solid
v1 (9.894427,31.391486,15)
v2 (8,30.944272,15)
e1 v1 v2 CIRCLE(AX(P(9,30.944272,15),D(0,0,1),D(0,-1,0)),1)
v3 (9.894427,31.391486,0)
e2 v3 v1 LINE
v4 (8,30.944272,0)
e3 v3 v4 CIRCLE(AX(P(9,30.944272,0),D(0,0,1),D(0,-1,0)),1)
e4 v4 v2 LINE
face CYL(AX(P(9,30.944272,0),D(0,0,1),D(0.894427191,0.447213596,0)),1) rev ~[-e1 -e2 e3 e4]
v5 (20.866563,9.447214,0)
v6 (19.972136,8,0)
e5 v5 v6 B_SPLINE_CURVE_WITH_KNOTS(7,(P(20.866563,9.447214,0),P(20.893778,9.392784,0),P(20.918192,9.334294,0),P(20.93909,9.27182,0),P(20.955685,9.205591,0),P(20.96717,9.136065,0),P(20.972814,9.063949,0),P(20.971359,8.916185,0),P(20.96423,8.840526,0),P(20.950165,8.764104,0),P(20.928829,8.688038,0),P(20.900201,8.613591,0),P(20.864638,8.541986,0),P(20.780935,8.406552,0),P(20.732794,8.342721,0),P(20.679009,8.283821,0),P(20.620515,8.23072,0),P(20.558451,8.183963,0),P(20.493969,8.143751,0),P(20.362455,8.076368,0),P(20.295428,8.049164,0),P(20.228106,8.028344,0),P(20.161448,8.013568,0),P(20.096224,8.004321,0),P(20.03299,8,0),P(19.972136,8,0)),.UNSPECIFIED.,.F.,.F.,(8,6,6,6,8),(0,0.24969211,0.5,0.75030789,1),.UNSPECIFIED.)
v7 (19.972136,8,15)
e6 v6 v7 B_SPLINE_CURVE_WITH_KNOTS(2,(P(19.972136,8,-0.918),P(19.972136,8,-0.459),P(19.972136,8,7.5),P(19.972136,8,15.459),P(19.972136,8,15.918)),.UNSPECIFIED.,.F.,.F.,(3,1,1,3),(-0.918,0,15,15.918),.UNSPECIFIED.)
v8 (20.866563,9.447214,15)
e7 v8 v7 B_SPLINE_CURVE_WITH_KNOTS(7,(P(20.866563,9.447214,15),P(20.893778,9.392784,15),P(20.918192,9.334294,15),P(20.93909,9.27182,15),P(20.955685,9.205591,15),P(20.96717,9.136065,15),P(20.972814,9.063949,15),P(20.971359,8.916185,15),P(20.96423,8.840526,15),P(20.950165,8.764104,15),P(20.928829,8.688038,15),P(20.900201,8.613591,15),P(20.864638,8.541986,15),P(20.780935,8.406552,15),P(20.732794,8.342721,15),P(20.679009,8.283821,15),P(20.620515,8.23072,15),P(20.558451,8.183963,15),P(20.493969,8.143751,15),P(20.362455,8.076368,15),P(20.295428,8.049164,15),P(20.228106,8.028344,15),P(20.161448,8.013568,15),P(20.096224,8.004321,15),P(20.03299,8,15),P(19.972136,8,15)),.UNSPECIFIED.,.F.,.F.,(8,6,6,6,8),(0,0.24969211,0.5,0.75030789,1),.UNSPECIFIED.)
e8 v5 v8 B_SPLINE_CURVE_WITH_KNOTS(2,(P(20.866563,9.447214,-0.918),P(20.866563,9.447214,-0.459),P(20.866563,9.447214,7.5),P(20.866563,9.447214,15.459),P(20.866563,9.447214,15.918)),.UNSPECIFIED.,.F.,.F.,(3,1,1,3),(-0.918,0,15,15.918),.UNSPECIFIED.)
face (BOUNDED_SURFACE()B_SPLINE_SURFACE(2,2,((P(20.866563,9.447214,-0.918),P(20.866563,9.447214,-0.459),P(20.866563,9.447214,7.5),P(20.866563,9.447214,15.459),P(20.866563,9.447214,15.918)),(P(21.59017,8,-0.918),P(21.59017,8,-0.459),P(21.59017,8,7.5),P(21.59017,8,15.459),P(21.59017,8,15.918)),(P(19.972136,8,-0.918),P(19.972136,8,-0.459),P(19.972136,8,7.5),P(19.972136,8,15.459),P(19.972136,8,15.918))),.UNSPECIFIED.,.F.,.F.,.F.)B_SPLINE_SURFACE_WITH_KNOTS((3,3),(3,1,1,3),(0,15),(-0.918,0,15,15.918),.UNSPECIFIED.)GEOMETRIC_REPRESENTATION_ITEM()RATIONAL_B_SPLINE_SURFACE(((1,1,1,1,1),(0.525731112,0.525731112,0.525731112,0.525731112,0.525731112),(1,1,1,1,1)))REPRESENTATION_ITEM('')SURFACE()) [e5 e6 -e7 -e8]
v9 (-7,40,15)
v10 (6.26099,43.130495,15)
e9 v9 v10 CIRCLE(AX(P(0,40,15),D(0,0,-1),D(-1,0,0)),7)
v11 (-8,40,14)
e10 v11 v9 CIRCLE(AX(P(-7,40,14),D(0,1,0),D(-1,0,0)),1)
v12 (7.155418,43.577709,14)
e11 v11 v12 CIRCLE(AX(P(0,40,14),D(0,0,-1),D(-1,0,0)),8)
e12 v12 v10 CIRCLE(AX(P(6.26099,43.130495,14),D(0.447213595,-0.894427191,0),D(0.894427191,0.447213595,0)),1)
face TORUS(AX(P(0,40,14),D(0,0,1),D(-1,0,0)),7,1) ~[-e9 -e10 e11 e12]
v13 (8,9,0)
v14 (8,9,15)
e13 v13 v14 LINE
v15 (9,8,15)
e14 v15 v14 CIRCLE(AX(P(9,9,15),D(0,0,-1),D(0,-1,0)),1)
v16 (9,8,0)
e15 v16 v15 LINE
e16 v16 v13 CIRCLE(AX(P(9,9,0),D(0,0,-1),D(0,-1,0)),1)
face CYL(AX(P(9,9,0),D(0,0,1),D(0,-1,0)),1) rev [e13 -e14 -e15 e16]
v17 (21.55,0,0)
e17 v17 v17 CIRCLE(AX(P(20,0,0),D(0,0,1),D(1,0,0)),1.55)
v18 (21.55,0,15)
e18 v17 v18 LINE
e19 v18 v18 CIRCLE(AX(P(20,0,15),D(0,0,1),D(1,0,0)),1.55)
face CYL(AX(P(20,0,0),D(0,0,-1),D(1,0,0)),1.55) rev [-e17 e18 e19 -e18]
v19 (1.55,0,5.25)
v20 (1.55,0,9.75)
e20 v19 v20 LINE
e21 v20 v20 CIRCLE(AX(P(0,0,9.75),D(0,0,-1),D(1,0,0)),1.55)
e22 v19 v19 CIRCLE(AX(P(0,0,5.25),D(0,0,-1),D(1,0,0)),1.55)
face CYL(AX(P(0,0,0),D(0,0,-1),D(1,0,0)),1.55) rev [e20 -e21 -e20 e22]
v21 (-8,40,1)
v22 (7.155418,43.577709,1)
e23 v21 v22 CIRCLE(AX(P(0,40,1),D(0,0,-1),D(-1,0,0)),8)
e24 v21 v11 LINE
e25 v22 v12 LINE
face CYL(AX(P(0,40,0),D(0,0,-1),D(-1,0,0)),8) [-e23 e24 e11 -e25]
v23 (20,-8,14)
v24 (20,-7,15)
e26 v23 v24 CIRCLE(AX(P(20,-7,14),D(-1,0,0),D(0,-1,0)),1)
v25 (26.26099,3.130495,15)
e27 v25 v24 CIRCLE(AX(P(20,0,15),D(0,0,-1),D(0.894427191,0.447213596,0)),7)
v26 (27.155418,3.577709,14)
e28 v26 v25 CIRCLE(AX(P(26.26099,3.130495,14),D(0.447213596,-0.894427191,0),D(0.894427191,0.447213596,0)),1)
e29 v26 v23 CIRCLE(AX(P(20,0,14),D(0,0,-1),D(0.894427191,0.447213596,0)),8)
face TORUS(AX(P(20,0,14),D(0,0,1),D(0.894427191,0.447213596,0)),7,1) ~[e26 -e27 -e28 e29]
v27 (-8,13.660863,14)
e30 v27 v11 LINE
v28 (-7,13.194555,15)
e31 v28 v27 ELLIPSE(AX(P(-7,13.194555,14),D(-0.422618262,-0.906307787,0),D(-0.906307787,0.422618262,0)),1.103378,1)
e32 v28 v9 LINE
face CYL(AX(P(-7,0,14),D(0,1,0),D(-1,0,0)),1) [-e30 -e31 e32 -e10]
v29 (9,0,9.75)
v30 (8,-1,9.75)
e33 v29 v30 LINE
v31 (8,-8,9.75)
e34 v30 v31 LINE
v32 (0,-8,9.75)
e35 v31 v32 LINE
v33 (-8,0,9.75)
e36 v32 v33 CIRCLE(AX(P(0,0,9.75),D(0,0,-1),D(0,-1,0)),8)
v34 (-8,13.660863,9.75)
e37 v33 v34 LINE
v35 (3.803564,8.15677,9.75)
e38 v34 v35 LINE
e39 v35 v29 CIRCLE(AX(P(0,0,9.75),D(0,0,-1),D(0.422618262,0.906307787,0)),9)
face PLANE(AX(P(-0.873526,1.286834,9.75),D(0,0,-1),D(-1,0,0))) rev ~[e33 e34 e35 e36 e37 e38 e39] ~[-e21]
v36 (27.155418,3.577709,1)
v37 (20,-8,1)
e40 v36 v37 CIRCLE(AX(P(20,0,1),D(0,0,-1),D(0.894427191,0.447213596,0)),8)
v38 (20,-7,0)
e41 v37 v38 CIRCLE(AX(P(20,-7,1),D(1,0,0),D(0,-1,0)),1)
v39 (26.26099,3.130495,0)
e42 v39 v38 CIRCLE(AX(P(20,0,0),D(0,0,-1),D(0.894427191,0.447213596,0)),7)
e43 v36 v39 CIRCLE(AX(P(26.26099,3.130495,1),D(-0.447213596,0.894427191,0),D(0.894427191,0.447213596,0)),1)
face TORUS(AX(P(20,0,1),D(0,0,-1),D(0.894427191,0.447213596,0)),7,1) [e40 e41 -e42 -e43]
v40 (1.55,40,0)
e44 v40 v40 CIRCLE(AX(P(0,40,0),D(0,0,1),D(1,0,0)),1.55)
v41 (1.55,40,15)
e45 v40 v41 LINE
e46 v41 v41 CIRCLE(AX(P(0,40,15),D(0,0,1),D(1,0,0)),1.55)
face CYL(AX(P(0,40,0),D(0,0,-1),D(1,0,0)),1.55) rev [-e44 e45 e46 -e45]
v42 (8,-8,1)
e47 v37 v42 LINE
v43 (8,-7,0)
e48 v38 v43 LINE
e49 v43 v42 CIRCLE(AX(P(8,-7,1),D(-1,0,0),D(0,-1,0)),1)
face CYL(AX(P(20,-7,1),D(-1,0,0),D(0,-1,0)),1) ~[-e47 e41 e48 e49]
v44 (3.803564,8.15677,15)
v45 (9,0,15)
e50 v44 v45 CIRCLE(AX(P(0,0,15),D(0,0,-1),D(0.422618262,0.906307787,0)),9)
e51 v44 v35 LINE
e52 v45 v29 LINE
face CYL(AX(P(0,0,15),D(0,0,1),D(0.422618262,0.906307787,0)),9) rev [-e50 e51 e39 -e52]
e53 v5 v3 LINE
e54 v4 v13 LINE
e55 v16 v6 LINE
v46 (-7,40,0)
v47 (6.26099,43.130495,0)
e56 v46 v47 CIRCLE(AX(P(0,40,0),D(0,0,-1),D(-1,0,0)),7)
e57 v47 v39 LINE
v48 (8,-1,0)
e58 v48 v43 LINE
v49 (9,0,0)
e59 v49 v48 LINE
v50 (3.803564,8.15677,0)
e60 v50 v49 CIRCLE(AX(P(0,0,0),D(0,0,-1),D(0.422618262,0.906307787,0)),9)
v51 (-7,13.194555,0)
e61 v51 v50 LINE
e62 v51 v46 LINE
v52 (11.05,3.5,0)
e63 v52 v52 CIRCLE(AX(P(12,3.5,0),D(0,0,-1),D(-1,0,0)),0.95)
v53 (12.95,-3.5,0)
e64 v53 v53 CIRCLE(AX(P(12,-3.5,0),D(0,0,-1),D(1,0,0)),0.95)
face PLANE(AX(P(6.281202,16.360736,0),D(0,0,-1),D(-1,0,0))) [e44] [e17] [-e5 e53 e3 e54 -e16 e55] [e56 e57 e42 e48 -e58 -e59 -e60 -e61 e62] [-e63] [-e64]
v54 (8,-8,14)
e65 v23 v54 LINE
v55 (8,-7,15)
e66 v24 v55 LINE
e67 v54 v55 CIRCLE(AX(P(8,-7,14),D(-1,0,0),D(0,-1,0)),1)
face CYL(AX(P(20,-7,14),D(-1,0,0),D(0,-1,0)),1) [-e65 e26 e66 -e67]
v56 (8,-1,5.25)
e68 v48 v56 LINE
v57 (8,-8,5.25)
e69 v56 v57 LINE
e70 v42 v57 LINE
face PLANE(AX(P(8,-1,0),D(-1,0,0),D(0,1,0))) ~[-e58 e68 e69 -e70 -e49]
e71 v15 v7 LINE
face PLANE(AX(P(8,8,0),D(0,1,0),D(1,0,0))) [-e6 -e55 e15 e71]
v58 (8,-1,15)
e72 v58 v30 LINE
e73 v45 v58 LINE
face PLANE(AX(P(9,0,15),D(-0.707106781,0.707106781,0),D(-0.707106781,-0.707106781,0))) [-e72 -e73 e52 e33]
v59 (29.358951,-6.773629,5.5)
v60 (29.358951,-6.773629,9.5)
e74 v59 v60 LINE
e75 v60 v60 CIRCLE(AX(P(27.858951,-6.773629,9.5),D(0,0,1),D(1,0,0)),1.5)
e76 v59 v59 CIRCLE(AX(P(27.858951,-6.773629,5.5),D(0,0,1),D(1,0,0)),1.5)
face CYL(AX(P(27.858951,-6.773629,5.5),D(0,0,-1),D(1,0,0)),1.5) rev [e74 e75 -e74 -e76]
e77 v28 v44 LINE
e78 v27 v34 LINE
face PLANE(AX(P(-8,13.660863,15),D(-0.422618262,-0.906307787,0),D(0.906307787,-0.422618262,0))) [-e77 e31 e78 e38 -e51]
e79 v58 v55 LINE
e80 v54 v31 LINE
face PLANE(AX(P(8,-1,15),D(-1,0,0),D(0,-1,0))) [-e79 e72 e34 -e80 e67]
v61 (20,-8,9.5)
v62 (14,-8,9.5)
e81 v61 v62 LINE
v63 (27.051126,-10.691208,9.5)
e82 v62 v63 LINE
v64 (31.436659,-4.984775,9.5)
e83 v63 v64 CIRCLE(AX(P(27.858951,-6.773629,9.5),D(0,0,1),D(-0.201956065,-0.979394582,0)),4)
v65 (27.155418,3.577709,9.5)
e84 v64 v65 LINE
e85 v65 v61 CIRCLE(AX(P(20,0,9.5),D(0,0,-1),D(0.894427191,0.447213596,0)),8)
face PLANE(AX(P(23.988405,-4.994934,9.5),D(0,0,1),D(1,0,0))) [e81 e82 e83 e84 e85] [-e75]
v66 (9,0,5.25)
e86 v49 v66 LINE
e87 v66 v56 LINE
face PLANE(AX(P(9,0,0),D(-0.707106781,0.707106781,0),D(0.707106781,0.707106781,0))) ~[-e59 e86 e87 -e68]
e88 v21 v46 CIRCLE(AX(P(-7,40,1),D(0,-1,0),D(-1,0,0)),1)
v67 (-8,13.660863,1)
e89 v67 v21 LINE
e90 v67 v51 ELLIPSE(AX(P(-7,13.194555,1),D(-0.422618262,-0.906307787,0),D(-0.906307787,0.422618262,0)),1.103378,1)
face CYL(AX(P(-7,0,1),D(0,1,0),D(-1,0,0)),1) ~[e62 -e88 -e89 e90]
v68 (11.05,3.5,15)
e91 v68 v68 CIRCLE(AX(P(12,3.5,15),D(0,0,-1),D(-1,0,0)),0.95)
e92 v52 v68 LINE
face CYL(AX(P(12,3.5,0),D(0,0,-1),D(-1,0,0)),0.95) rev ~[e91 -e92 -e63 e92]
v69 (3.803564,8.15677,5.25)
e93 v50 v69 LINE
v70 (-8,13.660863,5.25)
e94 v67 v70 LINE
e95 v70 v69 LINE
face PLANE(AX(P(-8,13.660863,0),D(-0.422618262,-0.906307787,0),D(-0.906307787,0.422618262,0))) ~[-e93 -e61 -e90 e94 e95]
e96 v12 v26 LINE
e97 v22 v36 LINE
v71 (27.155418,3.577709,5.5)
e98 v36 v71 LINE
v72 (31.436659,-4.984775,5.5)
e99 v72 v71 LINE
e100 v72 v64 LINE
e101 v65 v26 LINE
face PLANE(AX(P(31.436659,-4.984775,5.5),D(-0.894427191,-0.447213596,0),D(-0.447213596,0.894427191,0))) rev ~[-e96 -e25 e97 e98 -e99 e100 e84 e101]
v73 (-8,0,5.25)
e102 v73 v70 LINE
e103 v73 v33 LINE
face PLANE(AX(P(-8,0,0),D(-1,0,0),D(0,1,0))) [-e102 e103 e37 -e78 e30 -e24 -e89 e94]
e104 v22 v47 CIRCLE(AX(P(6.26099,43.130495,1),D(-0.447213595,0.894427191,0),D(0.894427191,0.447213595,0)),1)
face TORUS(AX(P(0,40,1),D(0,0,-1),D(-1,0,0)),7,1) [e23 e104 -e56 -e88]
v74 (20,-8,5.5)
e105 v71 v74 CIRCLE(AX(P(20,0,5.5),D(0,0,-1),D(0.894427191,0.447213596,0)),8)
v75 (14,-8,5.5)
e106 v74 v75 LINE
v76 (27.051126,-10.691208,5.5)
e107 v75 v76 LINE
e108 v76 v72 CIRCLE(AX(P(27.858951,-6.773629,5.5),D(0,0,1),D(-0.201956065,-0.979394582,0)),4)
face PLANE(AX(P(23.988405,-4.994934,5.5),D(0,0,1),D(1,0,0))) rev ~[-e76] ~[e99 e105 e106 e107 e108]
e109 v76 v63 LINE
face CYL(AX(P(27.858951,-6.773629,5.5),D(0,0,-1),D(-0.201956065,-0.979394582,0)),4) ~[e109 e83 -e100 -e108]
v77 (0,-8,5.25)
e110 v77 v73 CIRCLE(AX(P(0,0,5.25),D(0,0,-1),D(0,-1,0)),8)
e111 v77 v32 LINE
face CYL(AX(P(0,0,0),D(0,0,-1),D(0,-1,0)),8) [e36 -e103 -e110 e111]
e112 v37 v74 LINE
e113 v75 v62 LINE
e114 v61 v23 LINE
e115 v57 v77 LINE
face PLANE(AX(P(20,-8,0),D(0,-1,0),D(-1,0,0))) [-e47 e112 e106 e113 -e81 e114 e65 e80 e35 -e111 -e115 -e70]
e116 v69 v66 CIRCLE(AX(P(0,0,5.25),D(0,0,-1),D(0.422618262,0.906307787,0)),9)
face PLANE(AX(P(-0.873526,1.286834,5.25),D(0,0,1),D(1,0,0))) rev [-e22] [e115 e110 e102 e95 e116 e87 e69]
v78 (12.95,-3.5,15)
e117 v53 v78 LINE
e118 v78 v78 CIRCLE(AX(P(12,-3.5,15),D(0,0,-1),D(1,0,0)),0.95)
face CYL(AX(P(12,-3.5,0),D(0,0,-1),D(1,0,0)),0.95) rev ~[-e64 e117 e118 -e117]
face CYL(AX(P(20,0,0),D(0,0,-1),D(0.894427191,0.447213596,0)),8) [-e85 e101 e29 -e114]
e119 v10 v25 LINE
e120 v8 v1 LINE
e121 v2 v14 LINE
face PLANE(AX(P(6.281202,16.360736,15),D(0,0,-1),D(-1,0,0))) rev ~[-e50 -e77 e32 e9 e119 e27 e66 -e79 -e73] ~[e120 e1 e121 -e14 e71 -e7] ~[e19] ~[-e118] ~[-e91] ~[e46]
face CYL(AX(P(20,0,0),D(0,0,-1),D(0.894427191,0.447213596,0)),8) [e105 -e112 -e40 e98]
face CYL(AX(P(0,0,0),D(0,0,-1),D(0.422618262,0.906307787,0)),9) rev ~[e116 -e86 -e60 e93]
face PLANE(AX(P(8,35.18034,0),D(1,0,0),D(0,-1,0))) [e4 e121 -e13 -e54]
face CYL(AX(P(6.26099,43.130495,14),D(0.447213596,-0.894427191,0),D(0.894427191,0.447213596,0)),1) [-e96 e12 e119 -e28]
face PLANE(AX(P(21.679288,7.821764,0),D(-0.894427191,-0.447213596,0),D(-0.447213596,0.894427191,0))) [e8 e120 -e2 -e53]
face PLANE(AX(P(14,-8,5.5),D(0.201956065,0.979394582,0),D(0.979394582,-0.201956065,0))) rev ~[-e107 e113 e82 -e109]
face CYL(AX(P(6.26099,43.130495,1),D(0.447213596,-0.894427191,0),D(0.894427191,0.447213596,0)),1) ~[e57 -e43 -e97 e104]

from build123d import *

# Parameters (mm, degrees)
SKETCH1_R                = 1.55
BOSS_EXTRUDE1_DEPTH      = 15
FILLET1_R                = 1
FILLET2_R                = 1
CUT_EXTRUDE1_DEPTH       = 5.25
BOSS_EXTRUDE2_DEPTH      = 2
BOSS_EXTRUDE2_DEPTH_BACK = 2
SKETCH3_R                = 1.5
SKETCH4_R                = 0.95
CUT_EXTRUDE2_DEPTH       = 60.53144322
CUT_EXTRUDE3_DEPTH       = 60.53144322
FILLET3_R                = 1


with BuildPart() as part:
    # Sketch1 → Boss-Extrude1 (new body)
    with BuildSketch(Plane.XY):
        with BuildLine():
            Line((20, -8), (0, -8))
            ThreePointArc((0, -8), (-5.656854249, -5.656854249), (-8, 0))
            Line((-8, 0), (-8, 40))
            ThreePointArc((-8, 40), (-1.838023364, 47.785991916), (7.155417528, 43.577708764))
            Line((7.155417528, 43.577708764), (27.155417528, 3.577708764))
            ThreePointArc((27.155417528, 3.577708764), (26.805206467, -4.205848897), (20, -8))
        make_face()
        Circle(SKETCH1_R, mode=Mode.SUBTRACT)
        with Locations((20, 0)):
            Circle(SKETCH1_R, mode=Mode.SUBTRACT)
        with Locations((0, 40)):
            Circle(SKETCH1_R, mode=Mode.SUBTRACT)
    extrude(amount=BOSS_EXTRUDE1_DEPTH)

    # Fillet1
    fillet1_edges = [part.edges().sort_by_distance(p)[0] for p in [
        (-8, 20, 0),
        (-1.838023364, 47.785991916, 0),
        (17.155417528, 23.577708764, 0),
        (26.805206467, -4.205848897, 0),
        (10, -8, 0),
        (-5.656854249, -5.656854249, 0),
    ]]
    fillet(fillet1_edges, radius=FILLET1_R)

    # Fillet2
    fillet2_edges = [part.edges().sort_by_distance(p)[0] for p in [
        (26.805206467, -4.205848897, 15),
        (17.155417528, 23.577708764, 15),
        (-1.838023364, 47.785991916, 15),
        (-8, 20, 15),
        (-5.656854249, -5.656854249, 15),
        (10, -8, 15),
    ]]
    fillet(fillet2_edges, radius=FILLET2_R)

    # Sketch2 → Cut-Extrude1 (cut)
    with BuildSketch(Plane.XY.offset(15)):
        with BuildLine():
            Line((8, -8), (-8, -8))
            Line((-8, -8), (-8, 13.660862536))
            Line((-8, 13.660862536), (3.803564356, 8.156770083))
            ThreePointArc((3.803564356, 8.156770083), (7.590523012, 4.835696475), (9, 0))
            Line((9, 0), (8, -1))
            Line((8, -1), (8, -8))
        make_face()
    cut_extrude1 = extrude(amount=-CUT_EXTRUDE1_DEPTH, mode=Mode.SUBTRACT)

    # Mirror1: Cut-Extrude1 across plane
    add(cut_extrude1.mirror(Plane.XY.offset(7.5)), mode=Mode.SUBTRACT)

    # Sketch3 → Boss-Extrude2 (add, two sides: drawn at the far end of the back side and taken through both)
    with BuildSketch(Plane.XY.offset(7.5).offset(-BOSS_EXTRUDE2_DEPTH_BACK)):
        with BuildLine():
            Line((31.436659341, -4.984774862), (27.155417528, 3.577708764))
            Line((27.155417528, 3.577708764), (14, -8))
            Line((14, -8), (27.051126316, -10.691207573))
            ThreePointArc((27.051126316, -10.691207573), (31.03052883, -9.211064656), (31.436659341, -4.984774862))
        make_face()
        with Locations((27.858950577, -6.773629244)):
            Circle(SKETCH3_R, mode=Mode.SUBTRACT)
    extrude(amount=BOSS_EXTRUDE2_DEPTH + BOSS_EXTRUDE2_DEPTH_BACK)

    # Sketch4 → Cut-Extrude2 (cut, through all)
    with BuildSketch(Plane(origin=(0, 0, 0), x_dir=(-1, 0, 0), z_dir=(0, 0, -1))):
        with Locations((-12, 3.5)):
            Circle(SKETCH4_R)
        with Locations(Location((-12, -3.5, 0), (0, 0, 180))):
            Circle(SKETCH4_R)
    extrude(amount=-CUT_EXTRUDE2_DEPTH, mode=Mode.SUBTRACT)

    # Sketch5 → Cut-Extrude3 (cut, through all)
    with BuildSketch(Plane(origin=(0, 0, 0), x_dir=(-1, 0, 0), z_dir=(0, 0, -1))):
        with BuildLine():
            Line((-8, 35.180339887), (-8, 8))
            Line((-8, 8), (-20, 8))
            ThreePointArc((-20, 8), (-20.844360125, 7.955316209), (-21.679287946, 7.821763995))
            Line((-21.679287946, 7.821763995), (-8, 35.180339887))
        make_face()
    extrude(amount=-CUT_EXTRUDE3_DEPTH, mode=Mode.SUBTRACT)

    # Fillet3
    fillet3_edges = [part.edges().sort_by_distance(p)[0] for p in [
        (8, 35.180339887, 7.5),
        (8, 8, 7.5),
        (21.679287946, 7.821763995, 7.5),
    ]]
    fillet(fillet3_edges, radius=FILLET3_R)


solid = part.part
